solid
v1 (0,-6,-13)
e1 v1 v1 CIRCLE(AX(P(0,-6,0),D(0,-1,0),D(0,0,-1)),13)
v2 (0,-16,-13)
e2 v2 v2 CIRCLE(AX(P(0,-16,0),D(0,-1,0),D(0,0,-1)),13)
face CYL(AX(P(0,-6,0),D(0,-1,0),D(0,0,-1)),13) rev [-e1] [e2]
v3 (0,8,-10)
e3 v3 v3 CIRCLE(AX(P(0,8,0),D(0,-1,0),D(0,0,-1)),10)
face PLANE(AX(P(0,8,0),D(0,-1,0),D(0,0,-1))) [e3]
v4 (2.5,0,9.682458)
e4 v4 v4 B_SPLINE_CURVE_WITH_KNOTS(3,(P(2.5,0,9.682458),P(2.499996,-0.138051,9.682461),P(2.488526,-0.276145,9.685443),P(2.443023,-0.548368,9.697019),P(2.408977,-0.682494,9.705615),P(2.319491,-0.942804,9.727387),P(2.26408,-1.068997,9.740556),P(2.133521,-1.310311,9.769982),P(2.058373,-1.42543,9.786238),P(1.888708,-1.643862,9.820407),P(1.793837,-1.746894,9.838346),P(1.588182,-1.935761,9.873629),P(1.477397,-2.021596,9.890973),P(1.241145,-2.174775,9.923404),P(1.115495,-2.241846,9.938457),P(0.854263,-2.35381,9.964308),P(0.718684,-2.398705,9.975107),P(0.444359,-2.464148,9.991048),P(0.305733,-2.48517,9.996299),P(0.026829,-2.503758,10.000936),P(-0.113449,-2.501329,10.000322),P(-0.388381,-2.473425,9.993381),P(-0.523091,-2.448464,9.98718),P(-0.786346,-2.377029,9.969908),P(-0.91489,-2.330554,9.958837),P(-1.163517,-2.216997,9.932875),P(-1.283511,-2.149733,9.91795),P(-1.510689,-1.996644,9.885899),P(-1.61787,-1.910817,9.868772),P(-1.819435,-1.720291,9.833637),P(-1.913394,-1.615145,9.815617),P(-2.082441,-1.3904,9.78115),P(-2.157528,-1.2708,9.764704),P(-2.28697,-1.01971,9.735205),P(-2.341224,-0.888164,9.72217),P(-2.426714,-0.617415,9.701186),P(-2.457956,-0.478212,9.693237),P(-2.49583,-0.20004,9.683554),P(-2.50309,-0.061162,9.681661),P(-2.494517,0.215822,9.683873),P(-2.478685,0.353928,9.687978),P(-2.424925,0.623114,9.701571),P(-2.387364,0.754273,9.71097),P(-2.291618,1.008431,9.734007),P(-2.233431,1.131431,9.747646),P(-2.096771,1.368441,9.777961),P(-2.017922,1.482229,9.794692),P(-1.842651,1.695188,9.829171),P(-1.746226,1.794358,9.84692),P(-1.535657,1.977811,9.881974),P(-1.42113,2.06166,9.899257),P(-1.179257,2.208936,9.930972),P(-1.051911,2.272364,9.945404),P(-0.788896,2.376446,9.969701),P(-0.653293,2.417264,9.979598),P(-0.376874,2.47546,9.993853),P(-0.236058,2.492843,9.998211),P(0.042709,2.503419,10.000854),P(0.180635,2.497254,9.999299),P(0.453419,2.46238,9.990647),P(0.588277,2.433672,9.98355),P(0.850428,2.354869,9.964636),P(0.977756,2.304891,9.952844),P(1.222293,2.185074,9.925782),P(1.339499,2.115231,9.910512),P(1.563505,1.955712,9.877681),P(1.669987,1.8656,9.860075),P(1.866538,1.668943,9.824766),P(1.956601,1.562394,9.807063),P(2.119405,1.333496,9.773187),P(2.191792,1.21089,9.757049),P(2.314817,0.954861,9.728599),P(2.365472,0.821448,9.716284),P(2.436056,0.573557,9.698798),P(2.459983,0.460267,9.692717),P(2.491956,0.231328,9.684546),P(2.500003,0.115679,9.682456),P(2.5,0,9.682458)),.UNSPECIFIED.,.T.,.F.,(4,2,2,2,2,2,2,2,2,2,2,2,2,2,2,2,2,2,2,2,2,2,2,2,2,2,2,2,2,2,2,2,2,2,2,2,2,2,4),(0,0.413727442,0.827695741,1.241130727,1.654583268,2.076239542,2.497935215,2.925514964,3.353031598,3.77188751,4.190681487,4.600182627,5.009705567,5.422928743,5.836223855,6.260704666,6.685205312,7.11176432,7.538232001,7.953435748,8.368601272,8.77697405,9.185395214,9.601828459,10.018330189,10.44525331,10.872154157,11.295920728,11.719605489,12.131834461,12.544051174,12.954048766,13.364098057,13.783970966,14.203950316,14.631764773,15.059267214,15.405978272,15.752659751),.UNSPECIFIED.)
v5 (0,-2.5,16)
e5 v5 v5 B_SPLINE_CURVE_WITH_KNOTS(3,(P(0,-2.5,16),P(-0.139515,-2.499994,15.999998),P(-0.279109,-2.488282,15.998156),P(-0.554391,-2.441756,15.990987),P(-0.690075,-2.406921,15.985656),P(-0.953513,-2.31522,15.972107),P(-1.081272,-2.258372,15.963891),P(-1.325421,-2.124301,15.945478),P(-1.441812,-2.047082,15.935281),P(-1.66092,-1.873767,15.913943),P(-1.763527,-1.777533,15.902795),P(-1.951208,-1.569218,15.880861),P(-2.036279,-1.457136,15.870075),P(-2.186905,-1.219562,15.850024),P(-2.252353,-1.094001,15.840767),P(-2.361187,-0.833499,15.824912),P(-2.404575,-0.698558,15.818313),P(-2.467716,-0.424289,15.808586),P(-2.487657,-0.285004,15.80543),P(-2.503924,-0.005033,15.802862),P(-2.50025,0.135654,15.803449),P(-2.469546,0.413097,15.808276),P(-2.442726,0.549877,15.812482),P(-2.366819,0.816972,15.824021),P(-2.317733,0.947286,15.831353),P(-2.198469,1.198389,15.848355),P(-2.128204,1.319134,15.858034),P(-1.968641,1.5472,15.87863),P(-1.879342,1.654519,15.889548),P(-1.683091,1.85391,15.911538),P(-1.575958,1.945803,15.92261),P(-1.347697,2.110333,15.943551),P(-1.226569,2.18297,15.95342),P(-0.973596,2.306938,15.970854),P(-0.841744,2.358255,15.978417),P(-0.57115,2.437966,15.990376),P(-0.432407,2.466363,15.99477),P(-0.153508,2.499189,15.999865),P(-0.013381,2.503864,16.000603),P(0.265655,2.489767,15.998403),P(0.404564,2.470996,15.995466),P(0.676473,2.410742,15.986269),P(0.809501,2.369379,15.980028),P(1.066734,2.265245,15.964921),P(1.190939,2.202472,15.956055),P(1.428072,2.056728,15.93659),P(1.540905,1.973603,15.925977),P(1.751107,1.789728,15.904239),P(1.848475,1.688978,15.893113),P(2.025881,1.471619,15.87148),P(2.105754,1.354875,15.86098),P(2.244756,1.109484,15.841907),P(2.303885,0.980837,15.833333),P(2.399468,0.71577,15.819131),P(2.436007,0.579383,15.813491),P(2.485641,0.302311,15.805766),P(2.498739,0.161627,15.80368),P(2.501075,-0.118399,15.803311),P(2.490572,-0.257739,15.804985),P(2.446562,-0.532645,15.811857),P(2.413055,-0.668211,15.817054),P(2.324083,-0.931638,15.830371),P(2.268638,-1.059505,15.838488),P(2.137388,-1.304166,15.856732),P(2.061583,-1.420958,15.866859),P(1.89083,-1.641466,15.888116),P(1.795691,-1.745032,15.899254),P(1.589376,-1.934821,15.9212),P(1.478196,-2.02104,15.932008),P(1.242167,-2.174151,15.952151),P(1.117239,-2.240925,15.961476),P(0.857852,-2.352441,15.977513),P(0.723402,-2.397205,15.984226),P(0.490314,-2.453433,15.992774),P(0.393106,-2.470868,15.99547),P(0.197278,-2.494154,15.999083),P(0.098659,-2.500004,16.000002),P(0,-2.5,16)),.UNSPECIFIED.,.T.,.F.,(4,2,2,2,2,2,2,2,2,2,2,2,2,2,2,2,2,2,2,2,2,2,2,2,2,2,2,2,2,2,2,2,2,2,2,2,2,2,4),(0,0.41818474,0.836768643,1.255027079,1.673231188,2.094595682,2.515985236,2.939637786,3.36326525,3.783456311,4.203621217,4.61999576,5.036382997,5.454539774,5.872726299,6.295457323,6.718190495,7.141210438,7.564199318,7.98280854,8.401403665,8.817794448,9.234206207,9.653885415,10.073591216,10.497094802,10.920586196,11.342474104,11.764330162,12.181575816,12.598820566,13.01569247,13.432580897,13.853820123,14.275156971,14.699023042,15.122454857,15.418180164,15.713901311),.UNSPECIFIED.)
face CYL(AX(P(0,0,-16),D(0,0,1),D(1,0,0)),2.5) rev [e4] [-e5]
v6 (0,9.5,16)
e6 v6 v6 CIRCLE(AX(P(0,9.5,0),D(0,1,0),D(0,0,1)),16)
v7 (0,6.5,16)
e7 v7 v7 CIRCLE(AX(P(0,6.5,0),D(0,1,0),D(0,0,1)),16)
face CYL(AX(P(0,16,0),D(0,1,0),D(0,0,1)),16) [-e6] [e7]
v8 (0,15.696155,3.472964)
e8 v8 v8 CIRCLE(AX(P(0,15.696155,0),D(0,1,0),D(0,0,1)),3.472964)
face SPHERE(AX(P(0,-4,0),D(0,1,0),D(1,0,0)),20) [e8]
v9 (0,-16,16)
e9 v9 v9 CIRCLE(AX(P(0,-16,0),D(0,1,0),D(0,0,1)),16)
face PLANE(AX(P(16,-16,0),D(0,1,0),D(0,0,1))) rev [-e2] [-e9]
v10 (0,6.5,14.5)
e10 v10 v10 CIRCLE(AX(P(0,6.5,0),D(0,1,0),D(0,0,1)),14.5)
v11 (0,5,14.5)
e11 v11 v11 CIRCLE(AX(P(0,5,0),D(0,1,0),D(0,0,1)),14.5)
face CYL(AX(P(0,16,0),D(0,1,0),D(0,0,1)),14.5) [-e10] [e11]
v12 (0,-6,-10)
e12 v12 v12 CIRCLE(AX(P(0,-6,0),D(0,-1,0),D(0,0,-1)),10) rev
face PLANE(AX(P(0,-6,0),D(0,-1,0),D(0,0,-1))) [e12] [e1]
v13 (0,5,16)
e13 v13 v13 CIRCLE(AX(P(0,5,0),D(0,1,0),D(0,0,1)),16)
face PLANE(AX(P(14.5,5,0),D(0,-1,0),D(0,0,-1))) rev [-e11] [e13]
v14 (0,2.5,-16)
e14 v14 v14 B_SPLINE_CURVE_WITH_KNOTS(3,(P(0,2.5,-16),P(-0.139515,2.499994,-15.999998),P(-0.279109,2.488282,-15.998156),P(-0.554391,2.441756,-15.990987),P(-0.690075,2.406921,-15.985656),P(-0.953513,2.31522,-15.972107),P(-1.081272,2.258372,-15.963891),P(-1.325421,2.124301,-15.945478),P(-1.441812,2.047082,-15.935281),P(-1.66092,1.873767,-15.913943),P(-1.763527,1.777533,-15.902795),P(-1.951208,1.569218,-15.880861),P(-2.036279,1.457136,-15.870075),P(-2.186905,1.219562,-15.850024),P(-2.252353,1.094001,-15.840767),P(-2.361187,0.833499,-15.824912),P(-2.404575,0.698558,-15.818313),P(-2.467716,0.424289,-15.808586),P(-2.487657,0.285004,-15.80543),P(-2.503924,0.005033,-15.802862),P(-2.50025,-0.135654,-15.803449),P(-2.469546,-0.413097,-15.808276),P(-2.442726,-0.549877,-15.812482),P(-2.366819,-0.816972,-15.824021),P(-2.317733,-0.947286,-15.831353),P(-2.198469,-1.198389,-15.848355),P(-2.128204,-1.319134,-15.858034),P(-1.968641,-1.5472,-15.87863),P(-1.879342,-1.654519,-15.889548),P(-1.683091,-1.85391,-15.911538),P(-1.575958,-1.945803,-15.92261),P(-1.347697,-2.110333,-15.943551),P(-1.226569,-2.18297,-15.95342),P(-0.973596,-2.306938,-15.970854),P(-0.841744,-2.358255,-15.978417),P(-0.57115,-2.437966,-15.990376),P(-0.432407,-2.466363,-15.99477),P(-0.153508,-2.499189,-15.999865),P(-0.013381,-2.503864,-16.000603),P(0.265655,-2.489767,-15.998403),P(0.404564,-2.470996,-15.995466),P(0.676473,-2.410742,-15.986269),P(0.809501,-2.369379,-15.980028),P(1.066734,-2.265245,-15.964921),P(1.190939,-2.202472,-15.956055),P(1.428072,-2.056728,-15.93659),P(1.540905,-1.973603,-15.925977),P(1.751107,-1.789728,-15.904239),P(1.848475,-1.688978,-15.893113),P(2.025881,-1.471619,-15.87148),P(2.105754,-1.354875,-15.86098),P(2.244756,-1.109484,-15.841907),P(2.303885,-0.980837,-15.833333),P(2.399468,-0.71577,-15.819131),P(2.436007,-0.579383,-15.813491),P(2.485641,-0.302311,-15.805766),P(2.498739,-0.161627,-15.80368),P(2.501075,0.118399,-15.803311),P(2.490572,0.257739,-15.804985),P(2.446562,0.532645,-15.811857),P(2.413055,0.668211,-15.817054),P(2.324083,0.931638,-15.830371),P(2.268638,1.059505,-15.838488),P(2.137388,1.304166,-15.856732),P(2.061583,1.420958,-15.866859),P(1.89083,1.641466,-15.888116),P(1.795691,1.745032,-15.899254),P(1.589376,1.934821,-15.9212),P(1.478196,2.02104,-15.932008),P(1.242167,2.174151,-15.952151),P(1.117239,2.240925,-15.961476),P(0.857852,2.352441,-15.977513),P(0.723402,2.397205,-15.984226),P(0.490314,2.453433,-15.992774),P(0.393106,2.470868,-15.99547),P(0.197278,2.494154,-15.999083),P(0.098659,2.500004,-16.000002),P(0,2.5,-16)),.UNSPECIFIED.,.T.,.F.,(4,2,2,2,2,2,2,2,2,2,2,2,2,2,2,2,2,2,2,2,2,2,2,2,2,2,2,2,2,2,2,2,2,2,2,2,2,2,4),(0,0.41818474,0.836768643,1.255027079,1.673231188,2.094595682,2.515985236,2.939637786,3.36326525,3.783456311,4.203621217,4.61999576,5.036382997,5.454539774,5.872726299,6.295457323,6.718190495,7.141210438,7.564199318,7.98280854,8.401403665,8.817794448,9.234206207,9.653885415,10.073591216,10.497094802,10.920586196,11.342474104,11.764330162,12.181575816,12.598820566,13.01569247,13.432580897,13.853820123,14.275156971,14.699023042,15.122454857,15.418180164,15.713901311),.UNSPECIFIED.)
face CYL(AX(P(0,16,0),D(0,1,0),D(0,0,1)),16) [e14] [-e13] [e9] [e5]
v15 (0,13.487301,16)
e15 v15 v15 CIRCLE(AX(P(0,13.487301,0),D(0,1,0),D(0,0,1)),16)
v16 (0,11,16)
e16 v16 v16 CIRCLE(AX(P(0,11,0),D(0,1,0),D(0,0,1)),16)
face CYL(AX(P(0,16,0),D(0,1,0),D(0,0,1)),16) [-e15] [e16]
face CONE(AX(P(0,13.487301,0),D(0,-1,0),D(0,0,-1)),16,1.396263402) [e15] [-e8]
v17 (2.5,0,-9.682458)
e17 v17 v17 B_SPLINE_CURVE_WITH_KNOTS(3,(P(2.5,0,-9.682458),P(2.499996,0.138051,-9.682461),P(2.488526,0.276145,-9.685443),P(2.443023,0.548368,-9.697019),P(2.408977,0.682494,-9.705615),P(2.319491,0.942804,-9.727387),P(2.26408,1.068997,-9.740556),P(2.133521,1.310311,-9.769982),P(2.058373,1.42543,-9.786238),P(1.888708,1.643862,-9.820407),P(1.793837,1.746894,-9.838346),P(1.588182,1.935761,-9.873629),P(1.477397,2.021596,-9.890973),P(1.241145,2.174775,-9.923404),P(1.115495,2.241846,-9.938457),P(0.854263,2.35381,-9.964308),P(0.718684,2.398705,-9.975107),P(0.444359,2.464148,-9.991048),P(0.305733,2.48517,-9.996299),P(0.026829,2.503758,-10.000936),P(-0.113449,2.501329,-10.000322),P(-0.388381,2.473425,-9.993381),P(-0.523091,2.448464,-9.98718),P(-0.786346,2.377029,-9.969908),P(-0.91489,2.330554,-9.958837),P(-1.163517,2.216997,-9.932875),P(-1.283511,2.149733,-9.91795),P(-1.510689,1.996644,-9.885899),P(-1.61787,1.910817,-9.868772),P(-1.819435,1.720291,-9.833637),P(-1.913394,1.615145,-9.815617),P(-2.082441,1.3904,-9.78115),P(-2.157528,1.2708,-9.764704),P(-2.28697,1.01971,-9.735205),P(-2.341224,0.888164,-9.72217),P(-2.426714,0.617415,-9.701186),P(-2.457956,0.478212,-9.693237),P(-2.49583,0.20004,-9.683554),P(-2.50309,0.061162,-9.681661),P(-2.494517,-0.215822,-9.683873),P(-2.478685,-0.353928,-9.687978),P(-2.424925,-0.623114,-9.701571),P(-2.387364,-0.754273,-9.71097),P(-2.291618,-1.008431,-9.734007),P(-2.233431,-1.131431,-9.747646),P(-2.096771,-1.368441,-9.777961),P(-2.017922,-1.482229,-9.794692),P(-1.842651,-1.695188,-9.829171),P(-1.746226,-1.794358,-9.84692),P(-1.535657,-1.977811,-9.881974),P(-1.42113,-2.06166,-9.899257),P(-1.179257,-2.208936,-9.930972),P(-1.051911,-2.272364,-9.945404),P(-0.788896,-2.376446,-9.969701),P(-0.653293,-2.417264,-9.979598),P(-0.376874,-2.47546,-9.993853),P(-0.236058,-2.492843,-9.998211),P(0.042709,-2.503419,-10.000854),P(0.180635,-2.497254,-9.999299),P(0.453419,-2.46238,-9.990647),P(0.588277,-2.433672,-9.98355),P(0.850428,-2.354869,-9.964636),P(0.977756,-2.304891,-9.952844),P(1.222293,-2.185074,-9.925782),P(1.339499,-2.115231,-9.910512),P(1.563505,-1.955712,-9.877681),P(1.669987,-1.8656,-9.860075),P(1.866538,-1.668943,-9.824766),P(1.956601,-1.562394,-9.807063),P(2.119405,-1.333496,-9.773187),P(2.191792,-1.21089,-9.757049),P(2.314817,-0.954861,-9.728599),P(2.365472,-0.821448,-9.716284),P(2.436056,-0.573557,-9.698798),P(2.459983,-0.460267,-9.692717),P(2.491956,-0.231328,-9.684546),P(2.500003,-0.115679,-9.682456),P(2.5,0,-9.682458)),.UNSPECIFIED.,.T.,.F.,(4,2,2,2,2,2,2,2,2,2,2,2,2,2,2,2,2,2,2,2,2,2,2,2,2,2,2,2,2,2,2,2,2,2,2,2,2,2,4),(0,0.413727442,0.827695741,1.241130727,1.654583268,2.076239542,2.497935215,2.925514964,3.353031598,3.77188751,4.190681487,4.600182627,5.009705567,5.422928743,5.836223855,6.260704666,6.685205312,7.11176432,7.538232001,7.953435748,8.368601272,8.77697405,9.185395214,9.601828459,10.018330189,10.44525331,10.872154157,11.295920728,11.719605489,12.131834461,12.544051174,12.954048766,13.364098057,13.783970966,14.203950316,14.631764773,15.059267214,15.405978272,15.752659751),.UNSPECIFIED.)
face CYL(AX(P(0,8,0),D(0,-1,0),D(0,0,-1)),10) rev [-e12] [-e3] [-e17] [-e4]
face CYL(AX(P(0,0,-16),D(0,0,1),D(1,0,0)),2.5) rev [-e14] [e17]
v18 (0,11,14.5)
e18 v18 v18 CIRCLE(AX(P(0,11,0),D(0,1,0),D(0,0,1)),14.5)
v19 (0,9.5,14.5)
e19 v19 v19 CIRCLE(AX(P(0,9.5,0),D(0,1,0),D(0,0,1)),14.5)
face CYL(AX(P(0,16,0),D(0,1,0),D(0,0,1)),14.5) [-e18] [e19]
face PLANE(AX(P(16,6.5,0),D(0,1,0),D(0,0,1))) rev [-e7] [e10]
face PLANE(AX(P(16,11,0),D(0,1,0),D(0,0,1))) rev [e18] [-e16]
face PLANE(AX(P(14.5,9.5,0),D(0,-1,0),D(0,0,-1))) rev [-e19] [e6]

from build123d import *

# Parameters (mm, degrees)
SKETCH2_R               = 2.5
CUT_EXTRUDE1_DEPTH      = 17
CUT_EXTRUDE1_DEPTH_BACK = 17
SKETCH3_R               = 10
CUT_EXTRUDE2_DEPTH      = 24
SKETCH4_R               = 13
CUT_EXTRUDE3_DEPTH      = 10


with BuildPart() as part:
    # Sketch1 → Revolve1 (revolve)
    with BuildSketch(Plane.XY):
        with BuildLine():
            Line((0, 16), (0, -16))
            Line((0, -16), (16, -16))
            Line((16, -16), (16, 5))
            Line((16, 5), (14.5, 5))
            Line((14.5, 5), (14.5, 6.5))
            Line((14.5, 6.5), (16, 6.5))
            Line((16, 6.5), (16, 9.5))
            Line((16, 9.5), (14.5, 9.5))
            Line((14.5, 9.5), (14.5, 11))
            Line((14.5, 11), (16, 11))
            Line((16, 11), (16, 13.487300546))
            Line((16, 13.487300546), (3.472963553, 15.69615506))
            ThreePointArc((3.472963553, 15.69615506), (1.743114855, 15.923893962), (0, 16))
        make_face()
    revolve(axis=Axis((0, 16, 0), (0, -1, 0)))

    # Sketch2 → Cut-Extrude1 (cut, two sides)
    with BuildSketch(Plane.XY) as cut_extrude1_sk:
        Circle(SKETCH2_R)
    extrude(amount=CUT_EXTRUDE1_DEPTH, mode=Mode.SUBTRACT)
    extrude(cut_extrude1_sk.sketch, amount=-CUT_EXTRUDE1_DEPTH_BACK, mode=Mode.SUBTRACT)

    # Sketch3 → Cut-Extrude2 (cut)
    with BuildSketch(Plane.XZ.offset(16)):
        Circle(SKETCH3_R)
    extrude(amount=-CUT_EXTRUDE2_DEPTH, mode=Mode.SUBTRACT)

    # Sketch4 → Cut-Extrude3 (cut)
    with BuildSketch(Plane.XZ.offset(16)):
        Circle(SKETCH4_R)
    extrude(amount=-CUT_EXTRUDE3_DEPTH, mode=Mode.SUBTRACT)


solid = part.part
